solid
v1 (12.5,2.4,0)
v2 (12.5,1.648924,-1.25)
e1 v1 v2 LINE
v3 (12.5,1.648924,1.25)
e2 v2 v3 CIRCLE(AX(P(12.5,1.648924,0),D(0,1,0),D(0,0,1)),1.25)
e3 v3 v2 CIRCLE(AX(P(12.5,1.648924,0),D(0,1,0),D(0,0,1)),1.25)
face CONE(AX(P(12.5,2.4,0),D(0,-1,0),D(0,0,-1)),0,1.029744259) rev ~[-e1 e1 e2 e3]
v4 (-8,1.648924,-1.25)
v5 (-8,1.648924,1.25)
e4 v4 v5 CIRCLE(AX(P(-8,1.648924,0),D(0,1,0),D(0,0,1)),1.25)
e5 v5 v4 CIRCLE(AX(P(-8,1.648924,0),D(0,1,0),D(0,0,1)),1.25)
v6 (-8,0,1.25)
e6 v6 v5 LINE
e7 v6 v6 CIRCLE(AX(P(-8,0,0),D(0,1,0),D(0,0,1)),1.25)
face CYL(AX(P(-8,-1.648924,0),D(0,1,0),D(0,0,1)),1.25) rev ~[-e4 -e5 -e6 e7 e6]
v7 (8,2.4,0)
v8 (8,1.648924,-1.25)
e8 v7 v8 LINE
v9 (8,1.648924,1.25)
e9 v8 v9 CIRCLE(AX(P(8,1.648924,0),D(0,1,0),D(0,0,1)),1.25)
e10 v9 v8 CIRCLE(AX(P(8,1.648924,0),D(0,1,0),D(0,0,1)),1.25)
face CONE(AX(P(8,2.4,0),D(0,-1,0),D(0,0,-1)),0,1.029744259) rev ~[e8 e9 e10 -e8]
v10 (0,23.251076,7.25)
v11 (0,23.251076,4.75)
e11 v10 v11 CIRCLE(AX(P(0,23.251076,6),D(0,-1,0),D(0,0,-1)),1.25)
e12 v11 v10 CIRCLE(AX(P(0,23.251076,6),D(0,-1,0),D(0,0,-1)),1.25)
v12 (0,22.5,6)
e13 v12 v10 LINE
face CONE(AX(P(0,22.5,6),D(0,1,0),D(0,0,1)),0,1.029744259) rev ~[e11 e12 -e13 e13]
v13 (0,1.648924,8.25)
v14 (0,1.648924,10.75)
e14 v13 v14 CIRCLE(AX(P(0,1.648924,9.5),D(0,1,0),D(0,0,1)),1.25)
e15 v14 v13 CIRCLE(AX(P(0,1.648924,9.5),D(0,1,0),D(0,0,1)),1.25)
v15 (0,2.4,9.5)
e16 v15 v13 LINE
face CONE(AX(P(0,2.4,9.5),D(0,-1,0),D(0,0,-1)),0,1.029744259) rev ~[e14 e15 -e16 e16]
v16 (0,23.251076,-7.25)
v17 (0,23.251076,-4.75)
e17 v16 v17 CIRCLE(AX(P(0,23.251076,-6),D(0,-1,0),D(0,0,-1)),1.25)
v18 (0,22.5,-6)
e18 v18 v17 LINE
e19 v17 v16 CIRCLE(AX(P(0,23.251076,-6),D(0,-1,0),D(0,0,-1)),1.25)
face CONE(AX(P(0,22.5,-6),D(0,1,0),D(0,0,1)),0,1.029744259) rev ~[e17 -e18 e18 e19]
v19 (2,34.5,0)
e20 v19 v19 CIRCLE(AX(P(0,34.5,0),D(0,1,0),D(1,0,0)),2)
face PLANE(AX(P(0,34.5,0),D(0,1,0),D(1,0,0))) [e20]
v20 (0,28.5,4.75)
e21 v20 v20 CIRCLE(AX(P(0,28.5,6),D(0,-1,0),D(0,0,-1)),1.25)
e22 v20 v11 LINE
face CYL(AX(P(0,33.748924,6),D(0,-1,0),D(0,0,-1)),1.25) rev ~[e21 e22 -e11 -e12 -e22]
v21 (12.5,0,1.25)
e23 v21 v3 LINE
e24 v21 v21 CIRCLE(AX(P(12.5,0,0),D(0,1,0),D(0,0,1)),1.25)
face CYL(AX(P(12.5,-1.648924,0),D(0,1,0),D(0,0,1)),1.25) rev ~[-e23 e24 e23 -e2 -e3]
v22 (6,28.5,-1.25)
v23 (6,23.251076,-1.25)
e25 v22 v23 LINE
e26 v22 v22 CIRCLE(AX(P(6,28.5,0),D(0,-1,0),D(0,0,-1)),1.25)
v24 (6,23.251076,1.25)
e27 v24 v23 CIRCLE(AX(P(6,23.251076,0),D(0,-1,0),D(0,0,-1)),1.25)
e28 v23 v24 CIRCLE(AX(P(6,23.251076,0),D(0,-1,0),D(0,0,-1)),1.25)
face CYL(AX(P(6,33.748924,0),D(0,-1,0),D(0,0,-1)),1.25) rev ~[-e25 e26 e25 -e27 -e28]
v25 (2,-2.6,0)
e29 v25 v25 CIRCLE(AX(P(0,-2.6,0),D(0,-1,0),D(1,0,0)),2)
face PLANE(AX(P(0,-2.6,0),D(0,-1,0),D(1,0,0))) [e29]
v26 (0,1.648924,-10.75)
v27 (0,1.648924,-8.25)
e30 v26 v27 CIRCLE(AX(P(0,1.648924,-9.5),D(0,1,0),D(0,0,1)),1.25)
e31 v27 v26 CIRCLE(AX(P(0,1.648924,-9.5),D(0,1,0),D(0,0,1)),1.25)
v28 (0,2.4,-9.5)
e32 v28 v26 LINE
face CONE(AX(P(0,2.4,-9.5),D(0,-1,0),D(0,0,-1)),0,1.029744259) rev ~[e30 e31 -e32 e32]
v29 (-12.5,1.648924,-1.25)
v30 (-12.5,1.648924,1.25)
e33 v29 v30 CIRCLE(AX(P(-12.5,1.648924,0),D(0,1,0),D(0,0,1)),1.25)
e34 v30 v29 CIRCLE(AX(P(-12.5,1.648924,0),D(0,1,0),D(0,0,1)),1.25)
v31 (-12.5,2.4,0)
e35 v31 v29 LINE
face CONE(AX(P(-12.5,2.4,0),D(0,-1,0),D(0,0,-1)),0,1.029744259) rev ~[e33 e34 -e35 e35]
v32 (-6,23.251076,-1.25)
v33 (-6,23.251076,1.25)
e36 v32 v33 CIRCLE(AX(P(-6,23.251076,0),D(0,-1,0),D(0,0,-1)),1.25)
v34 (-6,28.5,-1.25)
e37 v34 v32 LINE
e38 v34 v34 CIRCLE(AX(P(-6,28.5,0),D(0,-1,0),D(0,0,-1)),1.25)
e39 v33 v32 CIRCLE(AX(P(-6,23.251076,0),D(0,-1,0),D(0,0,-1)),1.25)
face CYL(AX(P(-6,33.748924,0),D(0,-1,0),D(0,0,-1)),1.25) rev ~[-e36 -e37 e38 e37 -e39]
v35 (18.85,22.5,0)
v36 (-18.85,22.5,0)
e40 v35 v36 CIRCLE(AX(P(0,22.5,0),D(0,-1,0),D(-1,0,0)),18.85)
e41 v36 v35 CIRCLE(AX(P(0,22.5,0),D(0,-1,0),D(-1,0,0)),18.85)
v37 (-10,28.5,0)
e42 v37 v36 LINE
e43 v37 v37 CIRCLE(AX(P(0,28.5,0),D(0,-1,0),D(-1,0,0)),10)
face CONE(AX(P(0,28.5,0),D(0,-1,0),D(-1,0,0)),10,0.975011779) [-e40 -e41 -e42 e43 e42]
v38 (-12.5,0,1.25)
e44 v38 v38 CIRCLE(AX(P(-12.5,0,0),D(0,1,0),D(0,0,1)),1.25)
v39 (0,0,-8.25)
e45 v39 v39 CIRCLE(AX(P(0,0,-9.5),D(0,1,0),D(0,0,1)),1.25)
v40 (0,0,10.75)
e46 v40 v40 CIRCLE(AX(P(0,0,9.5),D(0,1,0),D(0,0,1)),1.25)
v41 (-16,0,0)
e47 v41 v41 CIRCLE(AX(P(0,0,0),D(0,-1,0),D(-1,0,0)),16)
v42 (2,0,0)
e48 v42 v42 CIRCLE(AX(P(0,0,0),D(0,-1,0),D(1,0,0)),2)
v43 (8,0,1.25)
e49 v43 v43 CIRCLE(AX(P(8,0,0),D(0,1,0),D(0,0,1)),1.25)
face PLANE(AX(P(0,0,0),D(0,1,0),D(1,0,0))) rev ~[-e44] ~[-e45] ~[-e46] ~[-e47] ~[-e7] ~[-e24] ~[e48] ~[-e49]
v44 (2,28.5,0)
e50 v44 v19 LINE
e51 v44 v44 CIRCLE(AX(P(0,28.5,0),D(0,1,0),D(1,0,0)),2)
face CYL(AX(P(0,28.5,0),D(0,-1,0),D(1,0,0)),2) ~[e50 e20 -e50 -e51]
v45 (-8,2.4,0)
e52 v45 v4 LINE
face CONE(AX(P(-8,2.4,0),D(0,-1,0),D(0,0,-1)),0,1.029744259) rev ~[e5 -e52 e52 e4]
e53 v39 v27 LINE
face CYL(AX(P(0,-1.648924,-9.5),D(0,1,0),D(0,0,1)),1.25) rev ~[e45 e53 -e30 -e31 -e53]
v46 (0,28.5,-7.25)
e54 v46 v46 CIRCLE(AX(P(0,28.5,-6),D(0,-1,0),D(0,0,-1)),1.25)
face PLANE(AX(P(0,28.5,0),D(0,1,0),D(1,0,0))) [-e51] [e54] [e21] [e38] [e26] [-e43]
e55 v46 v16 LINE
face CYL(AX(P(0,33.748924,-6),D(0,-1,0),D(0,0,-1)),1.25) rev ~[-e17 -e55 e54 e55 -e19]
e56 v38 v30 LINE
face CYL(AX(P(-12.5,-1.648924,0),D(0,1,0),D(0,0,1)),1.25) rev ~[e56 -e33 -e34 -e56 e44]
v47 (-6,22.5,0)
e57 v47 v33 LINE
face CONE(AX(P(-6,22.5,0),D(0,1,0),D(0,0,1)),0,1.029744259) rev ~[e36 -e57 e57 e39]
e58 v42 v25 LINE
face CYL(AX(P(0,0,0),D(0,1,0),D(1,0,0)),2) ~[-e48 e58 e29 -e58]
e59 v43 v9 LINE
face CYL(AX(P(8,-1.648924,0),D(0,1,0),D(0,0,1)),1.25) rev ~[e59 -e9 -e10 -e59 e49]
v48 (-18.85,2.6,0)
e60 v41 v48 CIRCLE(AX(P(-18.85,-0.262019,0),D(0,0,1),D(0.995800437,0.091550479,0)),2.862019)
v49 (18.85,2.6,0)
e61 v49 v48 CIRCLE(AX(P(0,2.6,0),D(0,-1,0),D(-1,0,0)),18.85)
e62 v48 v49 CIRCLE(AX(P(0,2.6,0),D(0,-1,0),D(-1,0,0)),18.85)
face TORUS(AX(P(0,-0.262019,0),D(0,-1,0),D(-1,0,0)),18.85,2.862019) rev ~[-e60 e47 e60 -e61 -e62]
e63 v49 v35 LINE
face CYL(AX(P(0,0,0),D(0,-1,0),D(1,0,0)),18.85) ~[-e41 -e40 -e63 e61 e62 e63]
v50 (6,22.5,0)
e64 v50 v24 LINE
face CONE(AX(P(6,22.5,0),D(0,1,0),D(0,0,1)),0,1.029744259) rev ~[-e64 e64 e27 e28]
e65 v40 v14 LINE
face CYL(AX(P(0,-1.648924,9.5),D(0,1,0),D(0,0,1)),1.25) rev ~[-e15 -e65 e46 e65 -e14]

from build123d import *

# Parameters (mm, degrees)
SKETCH1_R                 = 18.85
BOSS_EXTRUDE1_DEPTH       = 28.5
SKETCH2_R                 = 2
BOSS_EXTRUDE2_DEPTH       = 6
SKETCH3_R                 = 2
BOSS_EXTRUDE3_DEPTH       = 2.6
M3X0_5_TAPPED_HOLE1_D     = 2.5
M3X0_5_TAPPED_HOLE1_DEPTH = 1.648924226
M3X0_5_TAPPED_HOLE1_TIP   = 0.751075774
M3X0_5_TAPPED_HOLE2_D     = 2.5
M3X0_5_TAPPED_HOLE2_DEPTH = 5.248924226
M3X0_5_TAPPED_HOLE2_TIP   = 0.751075774


with BuildPart() as part:
    # Sketch1 → Boss-Extrude1 (new body)
    with BuildSketch(Plane(origin=(0, 0, 0), x_dir=(1, 0, 0), z_dir=(0, 1, 0))):
        Circle(SKETCH1_R)
    extrude(amount=BOSS_EXTRUDE1_DEPTH)

    # Sketch2 → Boss-Extrude2 (add)
    with BuildSketch(Plane(origin=(0, 28.5, 0), x_dir=(1, 0, 0), z_dir=(0, 1, 0))):
        Circle(SKETCH2_R)
    extrude(amount=BOSS_EXTRUDE2_DEPTH)

    # Sketch3 → Boss-Extrude3 (add)
    with BuildSketch(Plane.XZ):
        Circle(SKETCH3_R)
    extrude(amount=BOSS_EXTRUDE3_DEPTH)

    # M3x0.5 Tapped Hole1
    with Locations(Plane(origin=(0, 0, 9.5), x_dir=(0, 0, -1), z_dir=(0, -1, 0))):
        with Locations((0, 0), (9.5, 8), (9.5, 12.5), (19, 0), (9.5, -8), (9.5, -12.5)):
            Hole(M3X0_5_TAPPED_HOLE1_D / 2, depth=M3X0_5_TAPPED_HOLE1_DEPTH)
            with Locations((0, 0, -(M3X0_5_TAPPED_HOLE1_DEPTH + M3X0_5_TAPPED_HOLE1_TIP / 2))):  # 118° drill point
                Cone(0, M3X0_5_TAPPED_HOLE1_D / 2, M3X0_5_TAPPED_HOLE1_TIP, mode=Mode.SUBTRACT)

    # Sketch10 → Cut-Revolve1 (revolve, cut)
    with BuildSketch(Plane.XY):
        Polygon((-18.85, 28.5), (-10, 28.5), (-18.85, 22.5), align=None)
        with BuildLine():
            Line((-18.85, 2.6), (-18.85, 0))
            Line((-18.85, 0), (-16, 0))
            ThreePointArc((-16, 0), (-16.921107831, 1.852343339), (-18.85, 2.6))
        make_face()
    revolve(axis=Axis((0, 28.5, 0), (0, -1, 0)), mode=Mode.SUBTRACT)

    # M3x0.5 Tapped Hole2
    with Locations(Plane(origin=(0, 28.5, -6), x_dir=(0, 0, 1), z_dir=(0, 1, 0))):
        with Locations((0, 0), (6, 6), (12, 0), (6, -6)):
            Hole(M3X0_5_TAPPED_HOLE2_D / 2, depth=M3X0_5_TAPPED_HOLE2_DEPTH)
            with Locations((0, 0, -(M3X0_5_TAPPED_HOLE2_DEPTH + M3X0_5_TAPPED_HOLE2_TIP / 2))):  # 118° drill point
                Cone(0, M3X0_5_TAPPED_HOLE2_D / 2, M3X0_5_TAPPED_HOLE2_TIP, mode=Mode.SUBTRACT)


solid = part.part
